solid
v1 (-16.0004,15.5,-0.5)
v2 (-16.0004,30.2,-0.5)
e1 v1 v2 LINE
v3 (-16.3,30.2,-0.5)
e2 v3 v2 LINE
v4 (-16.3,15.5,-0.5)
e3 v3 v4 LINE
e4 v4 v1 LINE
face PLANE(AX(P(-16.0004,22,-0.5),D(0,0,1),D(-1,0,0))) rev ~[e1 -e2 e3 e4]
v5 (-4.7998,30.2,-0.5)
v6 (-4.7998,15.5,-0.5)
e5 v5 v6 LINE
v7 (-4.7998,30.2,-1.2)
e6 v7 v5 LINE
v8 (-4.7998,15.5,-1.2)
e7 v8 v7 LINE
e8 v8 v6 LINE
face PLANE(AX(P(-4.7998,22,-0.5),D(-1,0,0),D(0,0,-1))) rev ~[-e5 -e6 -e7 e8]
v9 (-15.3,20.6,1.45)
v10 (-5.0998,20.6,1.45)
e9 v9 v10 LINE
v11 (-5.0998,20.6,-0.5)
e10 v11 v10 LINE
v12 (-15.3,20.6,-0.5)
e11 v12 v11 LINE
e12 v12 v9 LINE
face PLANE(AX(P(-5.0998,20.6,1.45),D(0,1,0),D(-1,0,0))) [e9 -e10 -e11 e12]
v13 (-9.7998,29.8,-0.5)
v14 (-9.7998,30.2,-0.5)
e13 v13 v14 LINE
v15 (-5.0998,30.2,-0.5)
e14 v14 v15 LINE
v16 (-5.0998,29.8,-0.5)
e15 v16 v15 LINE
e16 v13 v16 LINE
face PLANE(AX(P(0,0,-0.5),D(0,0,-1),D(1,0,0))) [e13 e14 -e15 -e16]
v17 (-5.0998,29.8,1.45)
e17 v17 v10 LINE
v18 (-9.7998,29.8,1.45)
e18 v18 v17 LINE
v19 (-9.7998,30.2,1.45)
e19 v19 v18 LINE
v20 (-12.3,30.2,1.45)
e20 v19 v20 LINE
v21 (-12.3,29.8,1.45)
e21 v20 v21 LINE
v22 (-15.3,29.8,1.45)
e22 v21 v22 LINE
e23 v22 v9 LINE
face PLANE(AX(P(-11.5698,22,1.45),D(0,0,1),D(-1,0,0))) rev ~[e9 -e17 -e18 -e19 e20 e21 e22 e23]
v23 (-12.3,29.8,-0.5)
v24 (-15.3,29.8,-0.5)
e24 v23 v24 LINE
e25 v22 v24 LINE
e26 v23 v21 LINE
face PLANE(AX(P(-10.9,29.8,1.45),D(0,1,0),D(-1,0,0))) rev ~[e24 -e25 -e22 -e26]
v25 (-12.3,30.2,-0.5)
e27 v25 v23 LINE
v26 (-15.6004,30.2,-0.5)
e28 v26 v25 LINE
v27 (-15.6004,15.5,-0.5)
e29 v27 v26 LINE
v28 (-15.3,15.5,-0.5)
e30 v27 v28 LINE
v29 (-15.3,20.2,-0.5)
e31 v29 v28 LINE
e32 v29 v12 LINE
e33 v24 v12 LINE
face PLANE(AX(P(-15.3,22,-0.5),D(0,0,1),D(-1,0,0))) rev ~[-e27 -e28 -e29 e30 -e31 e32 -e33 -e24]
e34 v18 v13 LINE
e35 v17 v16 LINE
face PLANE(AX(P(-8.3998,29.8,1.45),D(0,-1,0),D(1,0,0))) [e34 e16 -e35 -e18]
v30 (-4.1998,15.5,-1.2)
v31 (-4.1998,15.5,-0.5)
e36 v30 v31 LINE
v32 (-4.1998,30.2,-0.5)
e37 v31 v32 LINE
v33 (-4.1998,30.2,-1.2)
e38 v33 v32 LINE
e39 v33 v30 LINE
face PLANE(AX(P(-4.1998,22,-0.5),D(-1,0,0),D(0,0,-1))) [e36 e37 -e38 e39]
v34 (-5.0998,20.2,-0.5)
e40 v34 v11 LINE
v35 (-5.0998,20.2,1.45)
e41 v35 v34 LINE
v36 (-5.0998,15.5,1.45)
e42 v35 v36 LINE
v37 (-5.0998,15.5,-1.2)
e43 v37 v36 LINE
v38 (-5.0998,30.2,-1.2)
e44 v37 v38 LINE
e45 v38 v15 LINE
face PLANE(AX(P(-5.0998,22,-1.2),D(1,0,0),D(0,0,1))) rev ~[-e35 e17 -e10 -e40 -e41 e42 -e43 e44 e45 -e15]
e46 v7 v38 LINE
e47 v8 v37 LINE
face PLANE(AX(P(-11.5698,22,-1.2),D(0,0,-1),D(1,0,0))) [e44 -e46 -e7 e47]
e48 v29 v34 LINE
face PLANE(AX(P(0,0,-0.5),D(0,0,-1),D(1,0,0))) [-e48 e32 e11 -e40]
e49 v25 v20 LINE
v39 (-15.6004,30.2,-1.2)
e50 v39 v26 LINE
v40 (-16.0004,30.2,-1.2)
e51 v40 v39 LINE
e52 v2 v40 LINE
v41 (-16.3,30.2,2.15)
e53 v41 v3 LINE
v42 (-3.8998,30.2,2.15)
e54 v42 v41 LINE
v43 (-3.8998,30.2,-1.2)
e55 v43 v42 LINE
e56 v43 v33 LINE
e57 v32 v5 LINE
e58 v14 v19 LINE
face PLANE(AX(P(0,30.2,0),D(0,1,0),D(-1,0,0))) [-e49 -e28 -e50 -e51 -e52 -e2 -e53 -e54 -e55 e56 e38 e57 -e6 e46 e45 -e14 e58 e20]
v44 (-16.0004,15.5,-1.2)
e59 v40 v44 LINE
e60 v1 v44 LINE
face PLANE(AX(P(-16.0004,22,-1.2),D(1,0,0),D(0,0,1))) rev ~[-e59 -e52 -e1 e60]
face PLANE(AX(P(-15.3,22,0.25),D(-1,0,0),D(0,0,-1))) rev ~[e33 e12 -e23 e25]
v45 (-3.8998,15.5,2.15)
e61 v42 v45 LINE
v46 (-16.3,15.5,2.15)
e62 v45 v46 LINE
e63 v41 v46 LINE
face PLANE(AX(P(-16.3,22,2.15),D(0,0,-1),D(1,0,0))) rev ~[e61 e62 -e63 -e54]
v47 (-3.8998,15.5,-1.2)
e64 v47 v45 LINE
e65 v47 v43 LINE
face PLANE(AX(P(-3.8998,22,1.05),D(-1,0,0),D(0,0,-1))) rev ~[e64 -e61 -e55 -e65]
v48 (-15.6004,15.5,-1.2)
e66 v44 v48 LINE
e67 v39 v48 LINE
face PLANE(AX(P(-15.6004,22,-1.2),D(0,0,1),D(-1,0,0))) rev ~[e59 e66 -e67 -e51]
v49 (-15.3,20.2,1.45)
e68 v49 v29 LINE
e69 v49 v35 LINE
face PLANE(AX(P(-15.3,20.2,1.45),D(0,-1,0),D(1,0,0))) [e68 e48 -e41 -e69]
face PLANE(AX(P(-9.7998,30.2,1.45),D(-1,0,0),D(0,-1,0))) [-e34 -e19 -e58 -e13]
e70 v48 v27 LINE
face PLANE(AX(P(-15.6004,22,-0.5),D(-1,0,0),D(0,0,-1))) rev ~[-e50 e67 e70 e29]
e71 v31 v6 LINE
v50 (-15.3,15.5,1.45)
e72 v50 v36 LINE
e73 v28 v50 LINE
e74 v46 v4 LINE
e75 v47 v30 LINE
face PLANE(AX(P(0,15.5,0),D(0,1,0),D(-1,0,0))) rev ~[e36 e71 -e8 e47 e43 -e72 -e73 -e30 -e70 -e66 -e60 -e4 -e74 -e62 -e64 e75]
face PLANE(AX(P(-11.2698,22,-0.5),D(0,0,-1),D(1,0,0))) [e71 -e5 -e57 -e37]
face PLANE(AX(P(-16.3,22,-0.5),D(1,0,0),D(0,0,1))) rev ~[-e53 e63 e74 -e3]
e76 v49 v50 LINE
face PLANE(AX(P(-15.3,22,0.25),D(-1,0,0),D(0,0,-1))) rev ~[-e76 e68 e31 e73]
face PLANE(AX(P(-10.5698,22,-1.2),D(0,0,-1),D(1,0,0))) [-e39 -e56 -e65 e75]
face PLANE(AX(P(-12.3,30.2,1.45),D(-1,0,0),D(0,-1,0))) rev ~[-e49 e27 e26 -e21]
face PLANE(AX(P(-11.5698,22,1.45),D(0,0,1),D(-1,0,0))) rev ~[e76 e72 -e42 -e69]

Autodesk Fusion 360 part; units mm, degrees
sketch "Sketch1" plane through (0, 22, 0) normal (0, 1, 0) x (-1, 0, 0)
  line L0 (11.5698, 0.25) -> (15.3, 0.25)
  line L1 (15.3, 0.25) -> (15.3, -0.5)
  line L2 (15.3, -0.5) -> (15.6004, -0.5)
  line L3 (15.6004, -0.5) -> (15.6004, -1.2)
  line L4 (15.6004, -1.2) -> (16.0004, -1.2)
  line L5 (16.0004, -1.2) -> (16.0004, -0.5)
  line L6 (16.0004, -0.5) -> (16.3, -0.5)
  line L7 (16.3, -0.5) -> (16.3, 1.05)
  line L8 (16.3, 1.05) -> (5, 1.05)
  line L9 (11.5698, -1.2) -> (11.5698, 0.25)
  line L10 (11.5698, -0.6208) -> (11.2698, -0.6208) construction
  line L11 (11.2698, -0.5) -> (11.2698, -1.2)
  line L12 (11.2698, -0.5) -> (10.5698, -0.5)
  line L13 (10.5698, -0.5) -> (10.5698, -1.2)
  line L14 (10.5698, -0.678) -> (10.2698, -0.678) construction
  line L15 (10.2698, 1.05) -> (10.2698, -1.2)
  line L16 (10.2698, 1.05) -> (16.3, 1.05)
  line L17 (16.3, -0.5) -> (16.0004, -0.5)
  line L18 (16.0004, -1.2) -> (15.6004, -1.2)
  line L19 (15.6004, -0.5) -> (15.3, -0.5)
  line L20 (15.3, 0.25) -> (11.5698, 0.25)
  line L21 (11.5698, -1.2) -> (11.2698, -1.2)
  line L22 (11.5698, -1.2) -> (11.2698, -1.2)
  line L23 (11.2698, -0.5) -> (10.5698, -0.5)
  line L24 (10.5698, -1.2) -> (10.2698, -1.2)
  line L25 (10.2698, 1.05) -> (16.3, 1.05)
  line L26 (16.3, -0.5) -> (16.0004, -0.5)
  line L27 (16.0004, -1.2) -> (15.6004, -1.2)
  line L28 (15.6004, -0.5) -> (15.3, -0.5)
  line L29 (15.3, 0.25) -> (11.5698, 0.25)
  dimension "d14" = 0.3
  dimension "d15" = 0.7
  dimension "d16" = 0.3
extrude "Extrude1" add sketch "Sketch1" along normal blind 8.2 makes body 1
copy_body "Body->Comp1" bodies 1 removing the originals makes body 2 in component "Component"
move_face "OffsetFaces1" offset 0.3 1 faces at (-12.8132, 24.7333, 0.25) on bodies 2 in component "Component"
move_face "OffsetFaces2" offset -0.4 1 faces at (-12.2798, 27.4667, 1.05) on bodies 2 in component "Component"
move_face "OffsetFaces3" offset 3.3 1 faces at (-10.2698, 24.7333, 0.0333) on bodies 2 in component "Component"
move_face "OffsetFaces4" offset -3.3 1 faces at (-10.5698, 24.7333, -0.7333) on bodies 2 in component "Component"
move_face "OffsetFaces5" offset 3.3 1 faces at (-11.2698, 24.7333, -0.7333) on bodies 2 in component "Component"
move_face "OffsetFaces6" offset -3.3 1 faces at (-11.5698, 27.4667, -0.8167) on bodies 2 in component "Component"
move_face "OffsetFaces7" offset -4.2 1 faces at (-10.5132, 22, 0.4167) on bodies 2 in component "Component"
move_face "OffsetFaces8" offset -0.1 1 faces at (-8.2698, 28.8667, -0.4333) on bodies 2 in component "Component"
move_face "OffsetFaces9" offset 0.1 1 faces at (-7.9698, 27.5333, -0.7333) on bodies 2 in component "Component"
move_face "OffsetFaces10" offset 4.255 1 faces at (-10.4798, 26.2, 0.4167) on bodies 2 in component "Component"
move_face "OffsetFaces11" offset 0.3 1 faces at (-6.9698, 24.6967, 0.0333) on bodies 2 in component "Component"
move_face "OffsetFaces12" offset 0.3 1 faces at (-7.8698, 24.6967, -0.7333) on bodies 2 in component "Component"
move_face "OffsetFaces13" offset -0.3 1 faces at (-7.2698, 24.6967, -0.7333) on bodies 2 in component "Component"
move_face "OffsetFaces14" offset -0.3 1 faces at (-8.1698, 24.6967, -0.8167) on bodies 2 in component "Component"
move_face "OffsetFaces15" offset 2.77 1 faces at (-6.6698, 24.6967, 0.0333) on bodies 2 in component "Component"
move_face "OffsetFaces16" offset -2.77 1 faces at (-6.9698, 24.6967, -0.7333) on bodies 2 in component "Component"
move_face "OffsetFaces17" offset 2.77 1 faces at (-7.5698, 24.6967, -0.7333) on bodies 2 in component "Component"
move_face "OffsetFaces18" offset -2.77 1 faces at (-7.8698, 24.6967, -0.8167) on bodies 2 in component "Component"
move_face "OffsetFaces19" offset 6.445 1 faces at (-8.4332, 21.945, 0.4167) on bodies 2 in component "Component"
move_face "OffsetFaces20" offset 1.5 1 faces at (-12.1666, 20.4, 0.65) on bodies 2 in component "Component"
move_face "OffsetFaces21" offset -1.5 1 faces at (-8.4998, 20.4, -0.05) on bodies 2 in component "Component"
sketch "Sketch2" plane through (0, 0, 1.45) normal (0, 0, -1) x (1, 0, 0)
  line L0 (-5.0998, -15.5) -> (-15.3, -15.5)
  line L1 (-15.3, -15.5) -> (-15.3, -30.2)
  line L2 (-15.3, -30.2) -> (-5.0998, -30.2)
  line L3 (-5.0998, -30.2) -> (-5.0998, -15.5)
  line L4 (-5.0998, -15.5) -> (-5.0998, -26.3) construction
  line L5 (-5.0998, -26.3) -> (-15.3, -26.3)
  line L6 (-15.3, -26.3) -> (-15.3, -25.3)
  line L7 (-15.3, -25.3) -> (-5.0998, -25.3)
  line L8 (-5.0998, -25.3) -> (-5.0998, -26.3)
  dimension "d40" = 10.8
  dimension "d41" = 1
extrude "Extrude1'" add sketch "Sketch2" along normal blind 1.5 contours L1 L3 L5 L6 L7 L8 bodies 2 in component "Component"
move_face "OffsetFaces22" offset 6 1 faces at (-11.8999, 25.3, 0.95) on bodies 2 in component "Component"
move_face "OffsetFaces23" offset -6 1 faces at (-8.4998, 26.3, 0.45) on bodies 2 in component "Component"
move_face "OffsetFaces24" offset 0.3 1 faces at (-8.4998, 20.3, 0.45) on bodies 2 in component "Component"
move_face "OffsetFaces25" offset -0.3 1 faces at (-8.4998, 19.3, 0.45) on bodies 2 in component "Component"
move_face "OffsetFaces26" offset -0.6 1 faces at (-8.4998, 19.6, 0.45) on bodies 2 in component "Component"
sketch "Sketch3" plane through (0, 0, 1.45) normal (0, 0, -1) x (1, 0, 0)
  line L0 (-5.0998, -20.6) -> (-15.3, -20.6)
  line L1 (-15.3, -20.6) -> (-15.3, -30.2)
  line L2 (-15.3, -30.2) -> (-5.0998, -30.2)
  line L3 (-5.0998, -30.2) -> (-5.0998, -20.6)
  line L4 (-5.0998, -30.2) -> (-8.3998, -30.2)
  line L5 (-8.3998, -30.2) -> (-8.3998, -29.8)
  line L6 (-8.3998, -29.8) -> (-5.0998, -29.8)
  line L7 (-5.0998, -29.8) -> (-5.0998, -30.2)
  line L8 (-15.3, -30.2) -> (-10.9, -30.2)
  line L9 (-10.9, -30.2) -> (-10.9, -29.8)
  line L10 (-10.9, -29.8) -> (-15.3, -29.8)
  line L11 (-15.3, -29.8) -> (-15.3, -30.2)
  dimension "d49" = 3.3
  dimension "d50" = 0.4
  dimension "d51" = 4.4
  dimension "d52" = 0.4
extrude "Extrude2" add sketch "Sketch3" along normal blind 1.95 contours L2 L3 L4 L5 L6 L7 | L1 L2 L8 L9 L10 L11 bodies 2 in component "Component"
move_face "OffsetFaces27" offset 0.45 1 faces at (-11.8999, 20.3333, -0.05) on bodies 2 in component "Component"
move_face "OffsetFaces28" offset -1.4 1 faces at (-10.9, 30.0667, 0.8) on bodies 2 in component "Component"
move_face "OffsetFaces29" offset 1.4 1 faces at (-8.3998, 30.0667, 0.8) on bodies 2 in component "Component"
component "Component" placed x (1, 0, 0) y (0, 1, 0) z (0, 0, 1) at (0, 0, 0)
